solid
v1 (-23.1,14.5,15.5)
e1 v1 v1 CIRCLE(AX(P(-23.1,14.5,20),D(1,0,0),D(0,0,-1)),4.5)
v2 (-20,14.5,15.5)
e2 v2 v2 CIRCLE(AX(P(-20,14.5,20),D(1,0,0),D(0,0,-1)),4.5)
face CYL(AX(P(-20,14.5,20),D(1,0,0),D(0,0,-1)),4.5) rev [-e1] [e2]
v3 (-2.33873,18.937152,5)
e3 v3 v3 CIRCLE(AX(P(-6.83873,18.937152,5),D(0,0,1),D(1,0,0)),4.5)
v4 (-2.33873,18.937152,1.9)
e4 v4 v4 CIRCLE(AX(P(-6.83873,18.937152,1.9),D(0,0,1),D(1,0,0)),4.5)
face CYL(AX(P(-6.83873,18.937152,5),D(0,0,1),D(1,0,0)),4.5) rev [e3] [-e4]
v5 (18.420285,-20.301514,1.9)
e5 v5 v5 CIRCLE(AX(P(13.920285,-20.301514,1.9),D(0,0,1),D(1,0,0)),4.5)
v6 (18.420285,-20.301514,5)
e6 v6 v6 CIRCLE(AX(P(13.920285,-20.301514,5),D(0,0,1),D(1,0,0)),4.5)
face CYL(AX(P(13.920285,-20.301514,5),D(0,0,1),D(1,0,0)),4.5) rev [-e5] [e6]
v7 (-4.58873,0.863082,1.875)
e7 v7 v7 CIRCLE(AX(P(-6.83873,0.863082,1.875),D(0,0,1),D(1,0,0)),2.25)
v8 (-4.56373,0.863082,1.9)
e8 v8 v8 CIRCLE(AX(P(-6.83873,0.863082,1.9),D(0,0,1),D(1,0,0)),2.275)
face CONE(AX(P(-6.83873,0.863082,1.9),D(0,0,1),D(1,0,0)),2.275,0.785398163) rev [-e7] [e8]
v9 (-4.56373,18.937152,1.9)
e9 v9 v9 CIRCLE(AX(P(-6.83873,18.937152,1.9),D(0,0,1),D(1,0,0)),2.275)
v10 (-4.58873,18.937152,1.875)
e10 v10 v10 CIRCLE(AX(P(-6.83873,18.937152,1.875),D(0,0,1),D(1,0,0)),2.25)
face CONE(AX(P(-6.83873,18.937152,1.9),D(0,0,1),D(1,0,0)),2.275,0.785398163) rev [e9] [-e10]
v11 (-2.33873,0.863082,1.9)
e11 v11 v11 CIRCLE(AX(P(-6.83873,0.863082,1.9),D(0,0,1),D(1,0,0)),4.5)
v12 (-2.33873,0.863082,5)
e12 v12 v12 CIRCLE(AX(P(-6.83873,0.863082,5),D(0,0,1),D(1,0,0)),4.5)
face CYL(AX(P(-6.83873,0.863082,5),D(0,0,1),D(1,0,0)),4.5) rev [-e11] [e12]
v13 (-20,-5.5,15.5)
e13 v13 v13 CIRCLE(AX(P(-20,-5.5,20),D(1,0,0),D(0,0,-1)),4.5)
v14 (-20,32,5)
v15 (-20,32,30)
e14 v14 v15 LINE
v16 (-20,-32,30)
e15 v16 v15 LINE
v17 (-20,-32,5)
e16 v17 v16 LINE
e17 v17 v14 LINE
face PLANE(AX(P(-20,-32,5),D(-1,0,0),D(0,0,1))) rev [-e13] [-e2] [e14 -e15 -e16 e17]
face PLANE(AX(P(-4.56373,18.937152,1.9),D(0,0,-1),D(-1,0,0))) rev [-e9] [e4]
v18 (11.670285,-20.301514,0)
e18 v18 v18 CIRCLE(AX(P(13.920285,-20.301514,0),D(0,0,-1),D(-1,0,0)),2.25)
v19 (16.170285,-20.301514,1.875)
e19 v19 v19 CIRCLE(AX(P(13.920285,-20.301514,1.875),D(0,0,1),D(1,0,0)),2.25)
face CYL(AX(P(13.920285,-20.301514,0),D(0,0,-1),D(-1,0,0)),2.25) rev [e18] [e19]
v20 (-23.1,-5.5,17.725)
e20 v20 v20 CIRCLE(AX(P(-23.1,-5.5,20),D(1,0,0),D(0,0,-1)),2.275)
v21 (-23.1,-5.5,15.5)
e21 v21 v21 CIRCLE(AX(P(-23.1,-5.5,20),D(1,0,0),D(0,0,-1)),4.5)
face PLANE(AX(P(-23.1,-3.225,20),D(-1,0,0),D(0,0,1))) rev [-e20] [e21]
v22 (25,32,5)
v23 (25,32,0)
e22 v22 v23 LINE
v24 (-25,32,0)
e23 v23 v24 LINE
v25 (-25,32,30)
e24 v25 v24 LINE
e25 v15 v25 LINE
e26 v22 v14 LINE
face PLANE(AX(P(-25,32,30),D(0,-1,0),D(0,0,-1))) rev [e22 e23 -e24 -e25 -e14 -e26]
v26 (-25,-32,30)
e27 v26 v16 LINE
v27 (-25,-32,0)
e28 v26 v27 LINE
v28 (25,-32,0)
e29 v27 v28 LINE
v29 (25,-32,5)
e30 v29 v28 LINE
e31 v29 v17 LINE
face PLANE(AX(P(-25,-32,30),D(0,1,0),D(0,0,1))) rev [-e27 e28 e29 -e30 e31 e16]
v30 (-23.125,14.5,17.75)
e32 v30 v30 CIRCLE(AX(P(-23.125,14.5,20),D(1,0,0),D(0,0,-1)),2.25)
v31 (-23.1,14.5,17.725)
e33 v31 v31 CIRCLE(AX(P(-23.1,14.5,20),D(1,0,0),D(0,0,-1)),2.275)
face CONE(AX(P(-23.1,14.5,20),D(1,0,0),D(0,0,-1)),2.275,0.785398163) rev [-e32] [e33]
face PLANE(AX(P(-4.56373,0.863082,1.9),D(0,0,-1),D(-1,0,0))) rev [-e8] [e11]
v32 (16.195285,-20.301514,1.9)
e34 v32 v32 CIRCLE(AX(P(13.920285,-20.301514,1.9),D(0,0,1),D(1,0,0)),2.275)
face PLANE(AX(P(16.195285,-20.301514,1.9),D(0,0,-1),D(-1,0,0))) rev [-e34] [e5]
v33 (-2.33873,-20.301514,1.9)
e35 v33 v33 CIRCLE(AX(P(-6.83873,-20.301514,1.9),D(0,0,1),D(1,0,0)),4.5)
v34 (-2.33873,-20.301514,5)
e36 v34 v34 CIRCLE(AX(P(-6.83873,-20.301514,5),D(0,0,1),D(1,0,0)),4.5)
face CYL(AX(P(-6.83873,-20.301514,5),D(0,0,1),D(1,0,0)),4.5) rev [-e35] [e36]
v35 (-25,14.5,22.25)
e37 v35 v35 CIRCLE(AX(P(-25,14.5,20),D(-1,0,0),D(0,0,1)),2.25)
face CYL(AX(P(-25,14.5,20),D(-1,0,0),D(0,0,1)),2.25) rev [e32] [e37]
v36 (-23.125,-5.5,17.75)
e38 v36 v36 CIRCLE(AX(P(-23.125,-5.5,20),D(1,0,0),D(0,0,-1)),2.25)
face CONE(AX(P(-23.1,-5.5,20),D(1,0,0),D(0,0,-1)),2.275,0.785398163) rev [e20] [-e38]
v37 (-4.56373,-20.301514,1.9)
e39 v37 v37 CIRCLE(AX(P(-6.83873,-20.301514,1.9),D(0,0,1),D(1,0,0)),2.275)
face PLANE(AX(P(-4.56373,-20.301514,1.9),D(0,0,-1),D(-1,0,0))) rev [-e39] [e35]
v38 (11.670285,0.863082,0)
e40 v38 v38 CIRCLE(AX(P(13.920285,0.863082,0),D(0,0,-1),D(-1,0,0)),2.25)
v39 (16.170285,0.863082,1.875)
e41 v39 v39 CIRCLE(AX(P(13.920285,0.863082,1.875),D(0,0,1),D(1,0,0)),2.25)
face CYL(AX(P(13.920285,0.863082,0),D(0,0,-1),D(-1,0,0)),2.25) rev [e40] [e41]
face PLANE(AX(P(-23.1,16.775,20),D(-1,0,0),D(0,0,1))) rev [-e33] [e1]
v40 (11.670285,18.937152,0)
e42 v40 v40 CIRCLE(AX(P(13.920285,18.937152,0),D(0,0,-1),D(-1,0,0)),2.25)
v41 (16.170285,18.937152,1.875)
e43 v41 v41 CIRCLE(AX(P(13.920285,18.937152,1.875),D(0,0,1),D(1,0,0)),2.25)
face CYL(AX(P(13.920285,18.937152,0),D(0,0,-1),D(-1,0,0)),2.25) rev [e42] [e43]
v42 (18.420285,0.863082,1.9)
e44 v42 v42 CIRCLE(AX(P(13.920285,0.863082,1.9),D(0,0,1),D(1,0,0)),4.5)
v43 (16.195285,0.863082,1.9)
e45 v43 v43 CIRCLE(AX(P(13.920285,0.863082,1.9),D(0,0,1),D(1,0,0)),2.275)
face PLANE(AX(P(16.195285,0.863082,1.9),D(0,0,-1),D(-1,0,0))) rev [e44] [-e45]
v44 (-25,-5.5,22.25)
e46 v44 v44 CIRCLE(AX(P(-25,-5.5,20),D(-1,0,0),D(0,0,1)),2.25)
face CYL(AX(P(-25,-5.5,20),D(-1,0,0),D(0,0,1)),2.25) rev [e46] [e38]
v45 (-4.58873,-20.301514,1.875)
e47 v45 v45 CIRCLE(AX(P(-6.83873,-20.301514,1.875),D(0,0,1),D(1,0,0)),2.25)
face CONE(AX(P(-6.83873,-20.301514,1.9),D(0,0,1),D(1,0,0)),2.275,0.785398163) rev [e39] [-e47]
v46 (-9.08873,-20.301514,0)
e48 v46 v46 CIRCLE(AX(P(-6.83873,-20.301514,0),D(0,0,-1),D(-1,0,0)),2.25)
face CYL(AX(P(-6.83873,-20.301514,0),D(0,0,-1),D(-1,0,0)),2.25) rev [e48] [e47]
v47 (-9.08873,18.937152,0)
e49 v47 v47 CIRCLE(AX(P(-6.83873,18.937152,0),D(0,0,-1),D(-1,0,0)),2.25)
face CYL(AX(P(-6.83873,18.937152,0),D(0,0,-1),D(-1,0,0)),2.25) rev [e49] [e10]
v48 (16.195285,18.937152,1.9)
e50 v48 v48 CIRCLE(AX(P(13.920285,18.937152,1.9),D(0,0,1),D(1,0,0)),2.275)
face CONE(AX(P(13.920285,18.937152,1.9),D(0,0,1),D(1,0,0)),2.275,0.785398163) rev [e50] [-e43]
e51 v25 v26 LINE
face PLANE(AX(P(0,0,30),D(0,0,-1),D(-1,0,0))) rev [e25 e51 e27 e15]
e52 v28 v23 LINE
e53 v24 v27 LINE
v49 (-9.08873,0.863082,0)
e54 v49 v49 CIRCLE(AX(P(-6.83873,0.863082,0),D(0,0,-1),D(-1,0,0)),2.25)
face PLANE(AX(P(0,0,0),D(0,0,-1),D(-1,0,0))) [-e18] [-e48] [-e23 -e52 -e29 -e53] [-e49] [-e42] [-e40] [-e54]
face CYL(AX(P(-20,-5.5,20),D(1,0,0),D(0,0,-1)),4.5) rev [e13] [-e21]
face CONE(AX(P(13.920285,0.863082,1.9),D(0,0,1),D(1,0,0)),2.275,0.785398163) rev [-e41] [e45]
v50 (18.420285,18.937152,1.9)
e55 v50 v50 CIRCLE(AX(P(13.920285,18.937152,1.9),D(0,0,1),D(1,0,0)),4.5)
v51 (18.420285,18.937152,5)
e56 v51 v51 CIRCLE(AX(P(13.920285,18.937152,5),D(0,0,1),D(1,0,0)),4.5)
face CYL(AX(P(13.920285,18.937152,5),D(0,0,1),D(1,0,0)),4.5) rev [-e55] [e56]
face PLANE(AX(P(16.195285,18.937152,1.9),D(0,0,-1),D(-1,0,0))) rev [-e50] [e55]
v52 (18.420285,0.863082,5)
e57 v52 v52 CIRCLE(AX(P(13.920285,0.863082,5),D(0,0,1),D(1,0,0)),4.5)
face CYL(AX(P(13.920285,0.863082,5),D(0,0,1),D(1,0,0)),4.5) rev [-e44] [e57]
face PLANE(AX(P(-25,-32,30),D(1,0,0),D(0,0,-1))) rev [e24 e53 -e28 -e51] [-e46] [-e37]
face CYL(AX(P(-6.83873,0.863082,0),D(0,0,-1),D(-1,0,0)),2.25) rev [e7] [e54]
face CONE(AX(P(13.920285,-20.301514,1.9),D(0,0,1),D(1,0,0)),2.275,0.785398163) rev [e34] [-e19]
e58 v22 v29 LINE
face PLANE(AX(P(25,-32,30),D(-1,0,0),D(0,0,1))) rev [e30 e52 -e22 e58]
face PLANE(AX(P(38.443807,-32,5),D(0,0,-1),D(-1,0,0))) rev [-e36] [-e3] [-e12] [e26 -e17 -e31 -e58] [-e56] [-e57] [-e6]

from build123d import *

# Parameters (mm, degrees)
ESQUISSE1_W                                  = 50
ESQUISSE1_H                                  = 64
BOSS_EXTRU_1_DEPTH                           = 30
ESQUISSE2_W                                  = 58.443807101
ESQUISSE2_H                                  = 34.604437798
ENL_V_MAT_EXTRU_1_DEPTH                      = 75.973328591
D_GAGEMENT_M41_D                             = 4.5
D_GAGEMENT_M42_D                             = 4.5
CHAMBRAGE_POUR_VIS_T_TE_RONDE_BOMB_2_COUNT   = 2
CHAMBRAGE_POUR_VIS_T_TE_RONDE_BOMB_2_PITCH   = 20.75901561
CHAMBRAGE_POUR_VIS_T_TE_RONDE_BOMB_3_COUNT   = 2
CHAMBRAGE_POUR_VIS_T_TE_RONDE_BOMB_3_PITCH   = 18.074069798
CHAMBRAGE_POUR_VIS_T_TE_RONDE_BOMB_4_COUNT   = 2
CHAMBRAGE_POUR_VIS_T_TE_RONDE_BOMB_4_PITCH   = 27.524693062
CHAMBRAGE_POUR_VIS_T_TE_RONDE_BOMB_5_COUNT   = 2
CHAMBRAGE_POUR_VIS_T_TE_RONDE_BOMB_5_PITCH   = 39.238665714
CHAMBRAGE_POUR_VIS_T_TE_RONDE_BOMB_6_COUNT   = 2
CHAMBRAGE_POUR_VIS_T_TE_RONDE_BOMB_6_PITCH   = 44.391548927
CHAMBRAGE_POUR_VIS_T_TE_RONDE_BOMB_7_A_COUNT = 2
CHAMBRAGE_POUR_VIS_T_TE_RONDE_BOMB_7_A_PITCH = 20


with BuildPart() as part:
    # Esquisse1 → Boss.-Extru.1 (new body)
    with BuildSketch(Plane.XY):
        Rectangle(ESQUISSE1_W, ESQUISSE1_H)
    extrude(amount=BOSS_EXTRU_1_DEPTH)

    # Esquisse2 → Enlèv. mat.-Extru.1 (cut, through all)
    with BuildSketch(Plane(origin=(0, 32, 0), x_dir=(1, 0, 0), z_dir=(0, 1, 0))):
        with Locations((9.221903551, -22.302218899)):
            Rectangle(ESQUISSE2_W, ESQUISSE2_H)
    extrude(amount=-ENL_V_MAT_EXTRU_1_DEPTH, mode=Mode.SUBTRACT)

    # Dégagement M41 (through all)
    with Locations(Plane(origin=(0, 0, 0), x_dir=(-1, 0, 0), z_dir=(0, 0, -1))):
        with Locations((6.838730229, 18.937151978), (-13.92028538, 18.937151978), (-13.92028538, 0.86308218), (6.838730229, 0.86308218), (6.838730229, -20.301513736), (-13.92028538, -20.301513736)):
            Hole(D_GAGEMENT_M41_D / 2)

    # Dégagement M42 (through all)
    with Locations(Plane.ZY.offset(25)):
        with Locations((20, 14.5), (20, -5.5)):
            Hole(D_GAGEMENT_M42_D / 2)

    # Esquisse7 → Chambrage pour vis _ t_te ronde bomb_e M (revolve, cut)
    with BuildSketch(Plane(origin=(13.92028538, 18.937151978, 5), x_dir=(0, -1, 0), z_dir=(1, 0, 0))):
        Polygon((0, 0), (0, 5), (2.25, 5), (2.25, 3.125), (2.275, 3.1), (4.5, 3.1), (4.5, 0), align=None)
    chambrage_pour_vis_t_te_ronde_bomb_e_m = revolve(axis=Axis((13.92028538, 18.937151978, 11.35), (0, 0, -1)), mode=Mode.SUBTRACT)

    # Chambrage pour vis _ t_te ronde bomb 2: Chambrage pour vis _ t_te ronde bomb_e M ×2
    with Locations(*[(-i * CHAMBRAGE_POUR_VIS_T_TE_RONDE_BOMB_2_PITCH, 0, 0) for i in range(1, CHAMBRAGE_POUR_VIS_T_TE_RONDE_BOMB_2_COUNT)]):
        add(chambrage_pour_vis_t_te_ronde_bomb_e_m, mode=Mode.SUBTRACT)

    # Chambrage pour vis _ t_te ronde bomb 3: Chambrage pour vis _ t_te ronde bomb_e M ×2
    with Locations(*[(0, -i * CHAMBRAGE_POUR_VIS_T_TE_RONDE_BOMB_3_PITCH, 0) for i in range(1, CHAMBRAGE_POUR_VIS_T_TE_RONDE_BOMB_3_COUNT)]):
        add(chambrage_pour_vis_t_te_ronde_bomb_e_m, mode=Mode.SUBTRACT)

    # Chambrage pour vis _ t_te ronde bomb 4: Chambrage pour vis _ t_te ronde bomb_e M ×2
    with Locations(*[Vector(-0.7541960799735443, -0.6566492769755702, 0) * (i * CHAMBRAGE_POUR_VIS_T_TE_RONDE_BOMB_4_PITCH) for i in range(1, CHAMBRAGE_POUR_VIS_T_TE_RONDE_BOMB_4_COUNT)]):
        add(chambrage_pour_vis_t_te_ronde_bomb_e_m, mode=Mode.SUBTRACT)

    # Chambrage pour vis _ t_te ronde bomb 5: Chambrage pour vis _ t_te ronde bomb_e M ×2
    with Locations(*[(0, -i * CHAMBRAGE_POUR_VIS_T_TE_RONDE_BOMB_5_PITCH, 0) for i in range(1, CHAMBRAGE_POUR_VIS_T_TE_RONDE_BOMB_5_COUNT)]):
        add(chambrage_pour_vis_t_te_ronde_bomb_e_m, mode=Mode.SUBTRACT)

    # Chambrage pour vis _ t_te ronde bomb 6: Chambrage pour vis _ t_te ronde bomb_e M ×2
    with Locations(*[Vector(-0.46763440590484284, -0.8839219775602509, 0) * (i * CHAMBRAGE_POUR_VIS_T_TE_RONDE_BOMB_6_PITCH) for i in range(1, CHAMBRAGE_POUR_VIS_T_TE_RONDE_BOMB_6_COUNT)]):
        add(chambrage_pour_vis_t_te_ronde_bomb_e_m, mode=Mode.SUBTRACT)

    # Esquisse9 → Chambrage pour vis _ t_te ronde bomb 7 (revolve, cut)
    with BuildSketch(Plane(origin=(-20, 14.5, 20), x_dir=(0, 0, -1), z_dir=(0, 1, 0))):
        Polygon((0, 0), (0, 5), (2.25, 5), (2.25, 3.125), (2.275, 3.1), (4.5, 3.1), (4.5, 0), align=None)
    chambrage_pour_vis_t_te_ronde_bomb_7 = revolve(axis=Axis((-13.65, 14.5, 20), (-1, 0, 0)), mode=Mode.SUBTRACT)

    # Chambrage pour vis _ t_te ronde bomb 7 a: Chambrage pour vis _ t_te ronde bomb 7 ×2
    with Locations(*[(0, -i * CHAMBRAGE_POUR_VIS_T_TE_RONDE_BOMB_7_A_PITCH, 0) for i in range(1, CHAMBRAGE_POUR_VIS_T_TE_RONDE_BOMB_7_A_COUNT)]):
        add(chambrage_pour_vis_t_te_ronde_bomb_7, mode=Mode.SUBTRACT)


solid = part.part
